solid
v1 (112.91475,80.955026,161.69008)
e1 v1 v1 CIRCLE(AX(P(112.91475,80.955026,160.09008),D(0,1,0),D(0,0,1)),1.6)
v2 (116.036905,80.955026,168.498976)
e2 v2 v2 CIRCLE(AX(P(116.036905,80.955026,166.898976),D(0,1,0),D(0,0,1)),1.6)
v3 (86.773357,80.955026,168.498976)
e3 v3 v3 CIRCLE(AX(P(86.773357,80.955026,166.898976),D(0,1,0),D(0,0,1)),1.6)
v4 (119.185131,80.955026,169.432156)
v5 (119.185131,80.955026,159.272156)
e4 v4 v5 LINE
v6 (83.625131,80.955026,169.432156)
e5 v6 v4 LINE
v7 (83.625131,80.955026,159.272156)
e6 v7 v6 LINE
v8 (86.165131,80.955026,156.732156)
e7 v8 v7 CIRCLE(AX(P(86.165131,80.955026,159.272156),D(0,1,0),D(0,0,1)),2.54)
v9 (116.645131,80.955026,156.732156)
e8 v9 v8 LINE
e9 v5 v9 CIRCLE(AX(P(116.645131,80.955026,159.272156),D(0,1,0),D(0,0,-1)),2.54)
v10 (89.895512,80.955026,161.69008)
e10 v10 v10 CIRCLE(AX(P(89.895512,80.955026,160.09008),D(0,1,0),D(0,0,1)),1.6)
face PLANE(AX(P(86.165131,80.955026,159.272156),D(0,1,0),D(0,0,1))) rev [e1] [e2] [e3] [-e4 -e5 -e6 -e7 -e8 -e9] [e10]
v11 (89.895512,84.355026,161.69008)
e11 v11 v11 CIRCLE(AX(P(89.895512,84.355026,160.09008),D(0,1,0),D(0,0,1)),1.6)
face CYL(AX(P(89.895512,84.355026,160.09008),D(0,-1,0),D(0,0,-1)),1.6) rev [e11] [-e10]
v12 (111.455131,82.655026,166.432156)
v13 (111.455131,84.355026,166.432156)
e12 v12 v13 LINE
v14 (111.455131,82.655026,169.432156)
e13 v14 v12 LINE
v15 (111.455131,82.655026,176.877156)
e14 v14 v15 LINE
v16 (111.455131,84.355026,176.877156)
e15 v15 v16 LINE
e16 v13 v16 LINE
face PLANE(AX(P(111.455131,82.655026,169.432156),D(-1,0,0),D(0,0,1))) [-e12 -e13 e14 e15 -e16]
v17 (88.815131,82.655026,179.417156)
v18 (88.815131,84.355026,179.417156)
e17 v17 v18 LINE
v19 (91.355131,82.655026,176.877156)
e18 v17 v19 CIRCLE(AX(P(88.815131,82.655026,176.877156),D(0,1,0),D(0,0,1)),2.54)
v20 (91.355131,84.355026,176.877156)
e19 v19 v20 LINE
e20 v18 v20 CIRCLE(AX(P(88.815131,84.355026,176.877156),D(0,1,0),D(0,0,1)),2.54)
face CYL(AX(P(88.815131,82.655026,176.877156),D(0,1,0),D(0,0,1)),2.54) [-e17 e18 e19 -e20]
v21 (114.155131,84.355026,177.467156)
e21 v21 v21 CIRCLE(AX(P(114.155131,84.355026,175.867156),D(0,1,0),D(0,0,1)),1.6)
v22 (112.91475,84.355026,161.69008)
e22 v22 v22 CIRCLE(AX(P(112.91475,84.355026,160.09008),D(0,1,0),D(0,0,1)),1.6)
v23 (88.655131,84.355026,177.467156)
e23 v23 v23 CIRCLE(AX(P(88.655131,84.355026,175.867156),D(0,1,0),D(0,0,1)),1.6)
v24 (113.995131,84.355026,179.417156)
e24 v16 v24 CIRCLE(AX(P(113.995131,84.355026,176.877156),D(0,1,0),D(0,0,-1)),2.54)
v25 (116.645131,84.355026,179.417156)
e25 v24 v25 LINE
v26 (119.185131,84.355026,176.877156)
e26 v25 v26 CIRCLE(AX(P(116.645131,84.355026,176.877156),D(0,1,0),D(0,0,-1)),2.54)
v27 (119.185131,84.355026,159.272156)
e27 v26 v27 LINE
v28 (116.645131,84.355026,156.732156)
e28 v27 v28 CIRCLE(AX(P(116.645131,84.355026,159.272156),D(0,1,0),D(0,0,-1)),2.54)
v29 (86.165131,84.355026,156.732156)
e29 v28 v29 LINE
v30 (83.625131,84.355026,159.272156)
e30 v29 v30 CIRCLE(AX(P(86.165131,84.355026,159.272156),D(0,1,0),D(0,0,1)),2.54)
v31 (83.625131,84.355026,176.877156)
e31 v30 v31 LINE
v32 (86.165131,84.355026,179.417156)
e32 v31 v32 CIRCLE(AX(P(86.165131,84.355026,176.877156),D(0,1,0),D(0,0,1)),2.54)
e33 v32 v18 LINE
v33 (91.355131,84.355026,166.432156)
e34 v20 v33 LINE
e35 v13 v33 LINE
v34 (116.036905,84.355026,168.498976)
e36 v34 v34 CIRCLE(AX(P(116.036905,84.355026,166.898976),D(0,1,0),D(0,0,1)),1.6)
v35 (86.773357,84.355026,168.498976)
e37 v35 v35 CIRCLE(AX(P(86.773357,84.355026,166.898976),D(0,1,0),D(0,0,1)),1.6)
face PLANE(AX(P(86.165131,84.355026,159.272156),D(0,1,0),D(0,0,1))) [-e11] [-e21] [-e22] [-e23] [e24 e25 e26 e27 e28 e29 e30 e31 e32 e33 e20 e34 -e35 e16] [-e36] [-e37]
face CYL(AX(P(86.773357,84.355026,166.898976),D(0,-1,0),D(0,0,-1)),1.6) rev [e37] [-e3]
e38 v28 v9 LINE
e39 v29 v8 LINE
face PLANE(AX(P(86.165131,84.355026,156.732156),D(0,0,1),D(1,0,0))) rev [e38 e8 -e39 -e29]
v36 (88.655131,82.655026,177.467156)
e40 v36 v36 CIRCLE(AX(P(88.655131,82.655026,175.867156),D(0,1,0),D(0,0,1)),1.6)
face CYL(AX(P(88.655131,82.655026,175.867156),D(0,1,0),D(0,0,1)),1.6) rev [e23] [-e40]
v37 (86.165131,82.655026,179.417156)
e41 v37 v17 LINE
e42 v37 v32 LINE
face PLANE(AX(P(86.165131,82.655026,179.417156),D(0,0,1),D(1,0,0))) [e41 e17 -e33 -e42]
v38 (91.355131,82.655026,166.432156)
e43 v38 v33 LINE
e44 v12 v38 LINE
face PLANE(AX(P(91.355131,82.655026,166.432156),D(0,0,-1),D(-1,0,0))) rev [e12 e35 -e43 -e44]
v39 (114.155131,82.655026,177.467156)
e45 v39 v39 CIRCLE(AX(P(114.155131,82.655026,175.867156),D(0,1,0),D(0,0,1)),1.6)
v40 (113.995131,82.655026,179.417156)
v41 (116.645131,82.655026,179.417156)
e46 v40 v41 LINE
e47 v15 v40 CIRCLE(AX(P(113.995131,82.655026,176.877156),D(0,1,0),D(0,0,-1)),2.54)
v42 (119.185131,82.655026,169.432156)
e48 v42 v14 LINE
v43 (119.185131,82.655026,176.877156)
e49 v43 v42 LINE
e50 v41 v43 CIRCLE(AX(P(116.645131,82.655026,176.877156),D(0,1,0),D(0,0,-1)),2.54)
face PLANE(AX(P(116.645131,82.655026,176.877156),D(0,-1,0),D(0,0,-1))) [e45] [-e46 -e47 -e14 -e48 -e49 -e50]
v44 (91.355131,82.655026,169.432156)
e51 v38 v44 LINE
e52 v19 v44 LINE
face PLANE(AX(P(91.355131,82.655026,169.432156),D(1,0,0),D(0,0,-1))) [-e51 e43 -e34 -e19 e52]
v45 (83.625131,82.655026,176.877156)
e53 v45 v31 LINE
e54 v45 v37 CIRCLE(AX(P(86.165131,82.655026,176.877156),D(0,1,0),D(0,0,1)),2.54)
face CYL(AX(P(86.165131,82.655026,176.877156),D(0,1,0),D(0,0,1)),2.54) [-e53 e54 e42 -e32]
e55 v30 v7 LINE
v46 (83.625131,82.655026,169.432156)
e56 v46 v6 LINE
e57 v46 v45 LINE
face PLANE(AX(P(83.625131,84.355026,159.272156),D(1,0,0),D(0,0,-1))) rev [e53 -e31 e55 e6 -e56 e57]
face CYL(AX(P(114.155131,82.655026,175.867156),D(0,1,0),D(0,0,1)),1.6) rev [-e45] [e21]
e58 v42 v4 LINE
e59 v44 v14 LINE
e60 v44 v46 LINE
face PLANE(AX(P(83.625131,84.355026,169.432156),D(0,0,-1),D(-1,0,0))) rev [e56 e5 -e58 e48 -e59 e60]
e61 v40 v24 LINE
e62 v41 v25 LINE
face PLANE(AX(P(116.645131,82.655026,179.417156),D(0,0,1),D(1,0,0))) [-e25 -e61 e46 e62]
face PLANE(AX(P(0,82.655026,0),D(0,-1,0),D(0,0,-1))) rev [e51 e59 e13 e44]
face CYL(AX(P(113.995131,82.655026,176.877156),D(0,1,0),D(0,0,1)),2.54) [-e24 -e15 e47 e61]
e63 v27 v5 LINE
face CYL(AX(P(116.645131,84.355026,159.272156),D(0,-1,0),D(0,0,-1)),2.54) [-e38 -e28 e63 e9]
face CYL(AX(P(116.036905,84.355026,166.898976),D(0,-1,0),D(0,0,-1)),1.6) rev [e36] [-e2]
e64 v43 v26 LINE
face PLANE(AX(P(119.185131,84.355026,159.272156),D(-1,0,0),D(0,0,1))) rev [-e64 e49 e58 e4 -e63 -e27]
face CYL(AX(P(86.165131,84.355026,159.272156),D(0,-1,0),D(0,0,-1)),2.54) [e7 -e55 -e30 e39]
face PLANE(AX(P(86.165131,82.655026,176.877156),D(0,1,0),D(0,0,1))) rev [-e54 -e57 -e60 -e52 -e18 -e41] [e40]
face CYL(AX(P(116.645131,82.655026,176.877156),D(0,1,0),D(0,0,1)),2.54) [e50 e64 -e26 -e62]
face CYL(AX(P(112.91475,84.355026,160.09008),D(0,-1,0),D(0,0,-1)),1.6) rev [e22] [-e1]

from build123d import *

# Parameters (mm, degrees)
SKETCH1_R           = 1.6
BOSS_EXTRUDE1_DEPTH = 3.4
SKETCH2_R           = 1.6
BOSS_EXTRUDE2_DEPTH = 1.7
SKETCH3_W           = 20.1
SKETCH3_H           = 3
CUT_EXTRUDE1_DEPTH  = 1.7


with BuildPart() as part:
    # Sketch1 → Boss-Extrude1 (new body)
    with BuildSketch(Plane(origin=(0, 80.955025863, 0), x_dir=(1, 0, 0), z_dir=(0, 1, 0))):
        with BuildLine():
            Line((86.165130669, -156.732155685), (116.645130669, -156.732155685))
            ThreePointArc((116.645130669, -156.732155685), (118.441181893, -157.47610446), (119.185130669, -159.272155685))
            Line((119.185130669, -159.272155685), (119.185130669, -169.432155685))
            Line((119.185130669, -169.432155685), (83.625130669, -169.432155685))
            Line((83.625130669, -169.432155685), (83.625130669, -159.272155685))
            ThreePointArc((83.625130669, -159.272155685), (84.369079444, -157.47610446), (86.165130669, -156.732155685))
        make_face()
        with Locations(Location((116.03690482, -166.898975693, 0), (0, 0, 270))):
            Circle(SKETCH1_R, mode=Mode.SUBTRACT)
        with Locations(Location((112.914749612, -160.090079663, 0), (0, 0, 270))):
            Circle(SKETCH1_R, mode=Mode.SUBTRACT)
        with Locations(Location((89.895511725, -160.090079663, 0), (0, 0, 270))):
            Circle(SKETCH1_R, mode=Mode.SUBTRACT)
        with Locations(Location((86.773356517, -166.898975693, 0), (0, 0, 270))):
            Circle(SKETCH1_R, mode=Mode.SUBTRACT)
    extrude(amount=BOSS_EXTRUDE1_DEPTH)

    # Sketch2 → Boss-Extrude2 (add)
    # profile 1 of 2: a face of its own
    with BuildSketch(Plane(origin=(0, 84.355025863, 0), x_dir=(1, 0, 0), z_dir=(0, 1, 0))):
        with BuildLine():
            Line((83.625130669, -169.432155685), (91.355130669, -169.432155685))
            Line((91.355130669, -169.432155685), (91.355130669, -176.877155685))
            ThreePointArc((91.355130669, -176.877155685), (90.611181893, -178.673206909), (88.815130669, -179.417155685))
            Line((88.815130669, -179.417155685), (86.165130669, -179.417155685))
            ThreePointArc((86.165130669, -179.417155685), (84.369079444, -178.673206909), (83.625130669, -176.877155685))
            Line((83.625130669, -176.877155685), (83.625130669, -169.432155685))
        make_face()
        with Locations(Location((88.655130669, -175.867155685, 0), (0, 0, 270))):
            Circle(SKETCH2_R, mode=Mode.SUBTRACT)
    # profile 2 of 2: a face of its own
    with BuildSketch(Plane(origin=(0, 84.355025863, 0), x_dir=(1, 0, 0), z_dir=(0, 1, 0))):
        with BuildLine():
            Line((119.185130669, -169.432155685), (111.455130669, -169.432155685))
            Line((111.455130669, -169.432155685), (111.455130669, -176.877155685))
            ThreePointArc((111.455130669, -176.877155685), (112.199079444, -178.673206909), (113.995130669, -179.417155685))
            Line((113.995130669, -179.417155685), (116.645130669, -179.417155685))
            ThreePointArc((116.645130669, -179.417155685), (118.441181893, -178.673206909), (119.185130669, -176.877155685))
            Line((119.185130669, -176.877155685), (119.185130669, -169.432155685))
        make_face()
        with Locations(Location((114.155130669, -175.867155685, 0), (0, 0, 270))):
            Circle(SKETCH2_R, mode=Mode.SUBTRACT)
    extrude(amount=-BOSS_EXTRUDE2_DEPTH)

    # Sketch3 → Cut-Extrude1 (cut)
    with BuildSketch(Plane(origin=(0, 84.355025863, 0), x_dir=(1, 0, 0), z_dir=(0, 1, 0))):
        with Locations((101.405130669, -167.932155685)):
            Rectangle(SKETCH3_W, SKETCH3_H)
    extrude(amount=-CUT_EXTRUDE1_DEPTH, mode=Mode.SUBTRACT)


solid = part.part
